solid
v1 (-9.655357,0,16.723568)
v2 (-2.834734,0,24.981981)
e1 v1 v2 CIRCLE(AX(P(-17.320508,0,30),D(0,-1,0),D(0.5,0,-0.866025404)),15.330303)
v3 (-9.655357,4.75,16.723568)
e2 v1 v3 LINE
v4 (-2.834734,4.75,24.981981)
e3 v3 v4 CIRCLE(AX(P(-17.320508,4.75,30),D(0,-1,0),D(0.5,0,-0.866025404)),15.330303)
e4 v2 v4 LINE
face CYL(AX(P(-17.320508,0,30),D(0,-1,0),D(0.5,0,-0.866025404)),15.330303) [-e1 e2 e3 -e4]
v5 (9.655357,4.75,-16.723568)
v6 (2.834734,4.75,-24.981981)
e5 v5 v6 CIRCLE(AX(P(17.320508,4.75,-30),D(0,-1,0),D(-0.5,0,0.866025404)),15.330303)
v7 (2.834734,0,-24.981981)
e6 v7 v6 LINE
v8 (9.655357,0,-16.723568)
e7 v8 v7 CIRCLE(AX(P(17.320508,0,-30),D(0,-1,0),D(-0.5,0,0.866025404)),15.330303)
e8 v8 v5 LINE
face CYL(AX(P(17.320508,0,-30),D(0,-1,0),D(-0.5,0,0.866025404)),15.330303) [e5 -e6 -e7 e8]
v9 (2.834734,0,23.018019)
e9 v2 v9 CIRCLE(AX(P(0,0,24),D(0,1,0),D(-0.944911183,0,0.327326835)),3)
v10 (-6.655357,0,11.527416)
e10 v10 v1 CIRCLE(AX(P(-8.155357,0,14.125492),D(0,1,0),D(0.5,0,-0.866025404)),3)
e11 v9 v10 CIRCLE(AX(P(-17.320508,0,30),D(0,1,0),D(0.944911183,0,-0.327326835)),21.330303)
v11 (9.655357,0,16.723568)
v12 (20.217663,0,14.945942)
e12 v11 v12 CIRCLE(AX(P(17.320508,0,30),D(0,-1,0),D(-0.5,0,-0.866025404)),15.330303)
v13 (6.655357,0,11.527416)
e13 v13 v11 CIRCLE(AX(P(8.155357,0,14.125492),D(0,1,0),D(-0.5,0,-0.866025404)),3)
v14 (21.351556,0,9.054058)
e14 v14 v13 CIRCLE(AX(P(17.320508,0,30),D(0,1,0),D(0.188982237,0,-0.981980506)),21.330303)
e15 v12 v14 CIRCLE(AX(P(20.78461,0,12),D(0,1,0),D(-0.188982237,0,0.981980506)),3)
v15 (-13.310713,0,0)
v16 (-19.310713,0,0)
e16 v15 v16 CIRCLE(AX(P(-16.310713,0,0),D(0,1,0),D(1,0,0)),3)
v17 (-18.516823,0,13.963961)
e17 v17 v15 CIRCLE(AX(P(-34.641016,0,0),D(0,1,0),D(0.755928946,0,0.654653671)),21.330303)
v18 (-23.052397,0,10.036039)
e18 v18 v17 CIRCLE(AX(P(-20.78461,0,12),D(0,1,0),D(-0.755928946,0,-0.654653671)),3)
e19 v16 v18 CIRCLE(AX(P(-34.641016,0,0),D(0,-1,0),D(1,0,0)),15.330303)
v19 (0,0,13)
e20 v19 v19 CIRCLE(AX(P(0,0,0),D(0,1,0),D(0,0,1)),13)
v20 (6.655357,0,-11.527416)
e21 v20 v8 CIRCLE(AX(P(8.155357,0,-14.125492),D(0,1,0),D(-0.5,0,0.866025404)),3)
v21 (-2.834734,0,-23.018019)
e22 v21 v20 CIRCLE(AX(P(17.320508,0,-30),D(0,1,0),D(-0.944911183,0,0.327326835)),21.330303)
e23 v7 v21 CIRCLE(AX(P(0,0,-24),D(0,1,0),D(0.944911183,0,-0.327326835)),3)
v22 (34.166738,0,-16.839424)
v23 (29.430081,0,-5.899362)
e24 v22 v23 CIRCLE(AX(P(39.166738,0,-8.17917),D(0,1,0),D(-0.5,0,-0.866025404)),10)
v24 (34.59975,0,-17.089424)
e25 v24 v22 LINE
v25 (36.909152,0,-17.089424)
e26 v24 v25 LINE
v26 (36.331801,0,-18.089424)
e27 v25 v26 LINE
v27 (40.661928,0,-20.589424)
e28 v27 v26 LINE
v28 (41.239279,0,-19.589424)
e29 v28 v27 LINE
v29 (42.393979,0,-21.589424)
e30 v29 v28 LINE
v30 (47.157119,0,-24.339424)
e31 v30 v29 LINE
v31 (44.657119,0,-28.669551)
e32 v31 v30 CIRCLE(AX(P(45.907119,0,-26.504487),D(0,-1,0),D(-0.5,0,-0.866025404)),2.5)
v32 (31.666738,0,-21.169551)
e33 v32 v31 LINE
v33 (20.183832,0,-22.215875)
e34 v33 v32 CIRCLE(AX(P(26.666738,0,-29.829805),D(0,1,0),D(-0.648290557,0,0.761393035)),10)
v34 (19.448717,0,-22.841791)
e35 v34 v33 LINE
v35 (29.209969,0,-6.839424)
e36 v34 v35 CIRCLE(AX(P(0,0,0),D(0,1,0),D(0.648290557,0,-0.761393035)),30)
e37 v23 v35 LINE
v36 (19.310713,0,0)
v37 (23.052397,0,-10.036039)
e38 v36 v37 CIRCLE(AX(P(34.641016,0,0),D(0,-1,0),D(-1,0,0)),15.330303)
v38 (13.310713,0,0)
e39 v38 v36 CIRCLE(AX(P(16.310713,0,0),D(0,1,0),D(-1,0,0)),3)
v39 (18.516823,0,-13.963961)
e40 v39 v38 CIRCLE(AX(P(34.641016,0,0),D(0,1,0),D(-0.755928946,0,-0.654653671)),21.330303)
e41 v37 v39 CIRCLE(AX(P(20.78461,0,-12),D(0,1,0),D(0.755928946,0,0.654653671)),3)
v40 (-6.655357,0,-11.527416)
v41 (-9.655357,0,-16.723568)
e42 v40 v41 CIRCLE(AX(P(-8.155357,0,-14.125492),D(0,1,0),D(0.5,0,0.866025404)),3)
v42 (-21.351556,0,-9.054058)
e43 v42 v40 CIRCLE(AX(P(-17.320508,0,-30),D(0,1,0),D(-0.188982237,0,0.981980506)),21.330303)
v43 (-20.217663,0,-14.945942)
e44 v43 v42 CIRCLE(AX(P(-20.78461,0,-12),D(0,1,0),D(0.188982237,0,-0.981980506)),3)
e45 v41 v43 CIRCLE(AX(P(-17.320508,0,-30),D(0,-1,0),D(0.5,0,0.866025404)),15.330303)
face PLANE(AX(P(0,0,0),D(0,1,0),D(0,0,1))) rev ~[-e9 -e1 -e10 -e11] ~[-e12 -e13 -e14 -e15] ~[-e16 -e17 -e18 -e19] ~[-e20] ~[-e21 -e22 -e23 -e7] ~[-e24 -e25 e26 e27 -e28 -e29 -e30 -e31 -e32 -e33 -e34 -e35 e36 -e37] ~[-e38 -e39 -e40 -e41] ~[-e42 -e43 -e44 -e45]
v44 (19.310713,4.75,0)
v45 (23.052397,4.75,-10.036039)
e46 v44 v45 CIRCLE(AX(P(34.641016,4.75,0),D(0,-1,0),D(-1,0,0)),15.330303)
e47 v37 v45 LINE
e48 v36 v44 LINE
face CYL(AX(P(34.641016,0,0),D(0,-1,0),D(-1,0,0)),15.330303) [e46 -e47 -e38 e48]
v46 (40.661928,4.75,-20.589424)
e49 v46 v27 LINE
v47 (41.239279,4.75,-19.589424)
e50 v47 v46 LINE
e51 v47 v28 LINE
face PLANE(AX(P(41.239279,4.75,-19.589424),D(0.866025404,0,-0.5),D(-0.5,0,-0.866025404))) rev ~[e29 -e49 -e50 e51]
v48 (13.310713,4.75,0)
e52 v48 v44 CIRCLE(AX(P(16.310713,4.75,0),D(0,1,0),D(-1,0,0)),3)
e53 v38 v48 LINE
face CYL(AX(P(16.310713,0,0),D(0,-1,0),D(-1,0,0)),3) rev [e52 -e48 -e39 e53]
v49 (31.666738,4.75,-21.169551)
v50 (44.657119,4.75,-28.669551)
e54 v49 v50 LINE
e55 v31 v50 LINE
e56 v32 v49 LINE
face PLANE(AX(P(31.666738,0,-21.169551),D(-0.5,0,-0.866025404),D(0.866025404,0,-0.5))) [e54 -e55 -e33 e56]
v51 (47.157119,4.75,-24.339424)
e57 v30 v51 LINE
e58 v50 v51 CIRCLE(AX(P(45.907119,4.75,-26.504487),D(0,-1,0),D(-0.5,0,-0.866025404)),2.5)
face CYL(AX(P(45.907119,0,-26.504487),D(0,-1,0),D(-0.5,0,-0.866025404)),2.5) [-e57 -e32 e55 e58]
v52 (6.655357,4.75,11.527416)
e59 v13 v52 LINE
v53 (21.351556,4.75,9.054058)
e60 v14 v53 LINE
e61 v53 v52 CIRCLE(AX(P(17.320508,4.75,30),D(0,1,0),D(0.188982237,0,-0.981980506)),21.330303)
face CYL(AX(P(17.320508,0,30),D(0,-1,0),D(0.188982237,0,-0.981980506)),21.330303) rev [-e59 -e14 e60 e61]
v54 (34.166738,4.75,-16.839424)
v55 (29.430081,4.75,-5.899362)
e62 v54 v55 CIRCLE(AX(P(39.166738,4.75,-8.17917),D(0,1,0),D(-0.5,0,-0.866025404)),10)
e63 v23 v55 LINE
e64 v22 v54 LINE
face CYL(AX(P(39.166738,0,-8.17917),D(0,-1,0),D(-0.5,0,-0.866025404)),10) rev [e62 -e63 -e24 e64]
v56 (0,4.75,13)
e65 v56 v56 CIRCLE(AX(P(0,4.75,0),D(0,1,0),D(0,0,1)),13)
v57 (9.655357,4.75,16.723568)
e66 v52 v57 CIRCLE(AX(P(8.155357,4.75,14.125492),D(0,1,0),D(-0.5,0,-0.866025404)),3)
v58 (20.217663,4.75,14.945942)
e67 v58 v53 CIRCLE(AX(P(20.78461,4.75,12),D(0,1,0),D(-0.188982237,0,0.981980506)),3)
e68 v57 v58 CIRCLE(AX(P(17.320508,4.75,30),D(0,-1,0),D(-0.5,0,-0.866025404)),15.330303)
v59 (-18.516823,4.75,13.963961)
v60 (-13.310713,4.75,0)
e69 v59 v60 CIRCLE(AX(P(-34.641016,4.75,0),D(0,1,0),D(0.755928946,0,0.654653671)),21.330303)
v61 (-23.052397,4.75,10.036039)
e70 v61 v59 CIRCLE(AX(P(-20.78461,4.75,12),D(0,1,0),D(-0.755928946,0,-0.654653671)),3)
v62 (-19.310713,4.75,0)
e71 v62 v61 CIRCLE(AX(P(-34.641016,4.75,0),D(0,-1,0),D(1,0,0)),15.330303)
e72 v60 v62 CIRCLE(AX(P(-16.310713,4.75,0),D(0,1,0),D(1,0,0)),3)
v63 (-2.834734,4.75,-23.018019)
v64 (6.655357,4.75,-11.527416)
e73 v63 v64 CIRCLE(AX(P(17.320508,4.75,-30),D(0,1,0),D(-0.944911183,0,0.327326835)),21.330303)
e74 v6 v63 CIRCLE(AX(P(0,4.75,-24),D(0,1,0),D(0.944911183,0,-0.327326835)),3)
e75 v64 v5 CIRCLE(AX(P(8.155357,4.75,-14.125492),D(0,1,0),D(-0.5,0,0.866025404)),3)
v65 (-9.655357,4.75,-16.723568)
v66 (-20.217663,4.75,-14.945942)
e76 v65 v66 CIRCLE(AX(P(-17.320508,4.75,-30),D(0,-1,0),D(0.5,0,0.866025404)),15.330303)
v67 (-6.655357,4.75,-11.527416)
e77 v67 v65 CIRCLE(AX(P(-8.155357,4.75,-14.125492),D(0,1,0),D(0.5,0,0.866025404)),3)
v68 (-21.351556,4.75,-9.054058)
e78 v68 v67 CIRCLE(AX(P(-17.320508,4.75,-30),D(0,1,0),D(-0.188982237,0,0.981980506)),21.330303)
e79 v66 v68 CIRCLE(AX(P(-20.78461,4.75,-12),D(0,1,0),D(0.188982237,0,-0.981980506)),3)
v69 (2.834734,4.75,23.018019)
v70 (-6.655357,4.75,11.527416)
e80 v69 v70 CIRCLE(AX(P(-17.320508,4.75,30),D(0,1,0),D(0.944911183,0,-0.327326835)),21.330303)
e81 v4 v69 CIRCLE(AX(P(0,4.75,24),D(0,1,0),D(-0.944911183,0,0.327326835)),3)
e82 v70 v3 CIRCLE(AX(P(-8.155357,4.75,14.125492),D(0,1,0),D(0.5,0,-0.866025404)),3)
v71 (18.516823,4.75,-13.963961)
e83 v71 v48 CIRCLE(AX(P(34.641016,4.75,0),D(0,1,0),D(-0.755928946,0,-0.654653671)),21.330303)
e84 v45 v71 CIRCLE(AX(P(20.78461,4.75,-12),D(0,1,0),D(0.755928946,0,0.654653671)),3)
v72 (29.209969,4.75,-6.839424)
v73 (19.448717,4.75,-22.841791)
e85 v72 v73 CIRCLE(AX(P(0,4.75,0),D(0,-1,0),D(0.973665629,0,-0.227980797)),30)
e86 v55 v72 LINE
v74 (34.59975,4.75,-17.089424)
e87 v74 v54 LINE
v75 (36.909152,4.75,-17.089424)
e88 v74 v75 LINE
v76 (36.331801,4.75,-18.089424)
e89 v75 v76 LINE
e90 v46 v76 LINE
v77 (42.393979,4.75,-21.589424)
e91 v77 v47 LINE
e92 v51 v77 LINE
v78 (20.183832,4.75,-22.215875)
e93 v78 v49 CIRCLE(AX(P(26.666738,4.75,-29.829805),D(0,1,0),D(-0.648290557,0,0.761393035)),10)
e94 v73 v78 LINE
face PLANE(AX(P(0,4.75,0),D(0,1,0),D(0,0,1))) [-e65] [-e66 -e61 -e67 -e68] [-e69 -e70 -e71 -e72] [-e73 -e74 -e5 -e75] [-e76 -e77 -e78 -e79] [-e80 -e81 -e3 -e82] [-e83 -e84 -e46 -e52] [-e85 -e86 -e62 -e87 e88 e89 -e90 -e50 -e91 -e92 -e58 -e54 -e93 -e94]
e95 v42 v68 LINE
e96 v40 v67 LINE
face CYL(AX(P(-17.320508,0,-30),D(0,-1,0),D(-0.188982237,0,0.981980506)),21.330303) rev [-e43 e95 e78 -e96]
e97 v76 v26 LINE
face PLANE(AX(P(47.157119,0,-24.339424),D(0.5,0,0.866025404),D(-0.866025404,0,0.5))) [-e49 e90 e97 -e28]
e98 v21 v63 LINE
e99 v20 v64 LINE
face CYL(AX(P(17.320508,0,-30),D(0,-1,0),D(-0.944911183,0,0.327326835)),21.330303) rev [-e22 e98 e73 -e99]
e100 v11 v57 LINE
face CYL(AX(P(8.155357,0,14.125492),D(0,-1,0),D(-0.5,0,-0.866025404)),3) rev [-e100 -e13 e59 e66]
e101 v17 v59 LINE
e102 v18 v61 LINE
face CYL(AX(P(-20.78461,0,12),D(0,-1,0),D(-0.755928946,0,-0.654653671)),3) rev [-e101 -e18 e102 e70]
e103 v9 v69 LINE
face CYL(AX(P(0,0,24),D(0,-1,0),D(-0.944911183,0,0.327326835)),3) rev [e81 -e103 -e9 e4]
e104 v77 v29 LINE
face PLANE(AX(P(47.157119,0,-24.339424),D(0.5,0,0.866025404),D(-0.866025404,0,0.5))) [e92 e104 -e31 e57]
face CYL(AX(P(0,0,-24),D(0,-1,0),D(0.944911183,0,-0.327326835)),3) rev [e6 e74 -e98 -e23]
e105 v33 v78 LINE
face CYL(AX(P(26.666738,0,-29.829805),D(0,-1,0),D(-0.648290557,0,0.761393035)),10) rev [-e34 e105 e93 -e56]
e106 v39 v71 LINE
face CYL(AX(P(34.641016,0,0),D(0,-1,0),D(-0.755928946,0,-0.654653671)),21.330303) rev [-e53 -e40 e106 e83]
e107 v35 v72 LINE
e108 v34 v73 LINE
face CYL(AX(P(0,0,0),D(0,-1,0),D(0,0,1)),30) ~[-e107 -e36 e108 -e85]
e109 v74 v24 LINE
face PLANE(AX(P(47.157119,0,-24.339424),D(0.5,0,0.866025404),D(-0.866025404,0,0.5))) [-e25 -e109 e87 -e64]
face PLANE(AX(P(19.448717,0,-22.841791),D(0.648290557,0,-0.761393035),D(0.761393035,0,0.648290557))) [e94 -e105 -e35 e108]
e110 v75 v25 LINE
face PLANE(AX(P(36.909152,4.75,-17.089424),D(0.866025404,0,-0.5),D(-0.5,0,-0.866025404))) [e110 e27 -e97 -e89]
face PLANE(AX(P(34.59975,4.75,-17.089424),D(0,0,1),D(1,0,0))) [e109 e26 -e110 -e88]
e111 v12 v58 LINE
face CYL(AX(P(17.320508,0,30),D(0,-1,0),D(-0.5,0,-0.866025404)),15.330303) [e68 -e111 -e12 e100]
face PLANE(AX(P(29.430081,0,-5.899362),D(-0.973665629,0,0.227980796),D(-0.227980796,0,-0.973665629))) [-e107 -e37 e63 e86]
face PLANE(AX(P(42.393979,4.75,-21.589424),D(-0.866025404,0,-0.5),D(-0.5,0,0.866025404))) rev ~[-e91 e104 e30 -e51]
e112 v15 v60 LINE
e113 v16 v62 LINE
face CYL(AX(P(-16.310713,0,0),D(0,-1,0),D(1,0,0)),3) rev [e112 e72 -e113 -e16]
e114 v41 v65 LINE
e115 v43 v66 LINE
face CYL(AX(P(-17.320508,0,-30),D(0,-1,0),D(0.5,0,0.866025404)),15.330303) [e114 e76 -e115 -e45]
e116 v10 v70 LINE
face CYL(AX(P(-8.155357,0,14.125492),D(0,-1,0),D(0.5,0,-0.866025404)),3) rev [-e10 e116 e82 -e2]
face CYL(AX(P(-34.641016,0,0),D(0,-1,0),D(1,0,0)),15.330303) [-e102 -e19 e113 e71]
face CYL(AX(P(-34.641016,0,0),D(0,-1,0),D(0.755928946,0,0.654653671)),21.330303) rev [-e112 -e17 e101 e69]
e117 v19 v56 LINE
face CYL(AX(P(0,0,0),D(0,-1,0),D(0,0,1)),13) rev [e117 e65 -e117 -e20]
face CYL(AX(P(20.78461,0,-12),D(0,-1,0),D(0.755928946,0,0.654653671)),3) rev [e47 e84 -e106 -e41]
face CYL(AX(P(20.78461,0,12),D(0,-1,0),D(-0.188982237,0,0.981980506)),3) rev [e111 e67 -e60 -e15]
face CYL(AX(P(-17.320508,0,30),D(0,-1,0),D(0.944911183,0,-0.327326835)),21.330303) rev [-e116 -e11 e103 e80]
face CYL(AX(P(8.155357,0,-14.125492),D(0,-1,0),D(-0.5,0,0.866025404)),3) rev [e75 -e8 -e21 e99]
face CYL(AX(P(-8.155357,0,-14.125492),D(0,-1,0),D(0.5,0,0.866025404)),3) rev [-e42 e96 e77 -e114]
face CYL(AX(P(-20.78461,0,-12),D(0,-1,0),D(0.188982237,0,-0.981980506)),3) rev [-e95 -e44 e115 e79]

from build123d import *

# Parameters (mm, degrees)
ESQUISSE1_R        = 30
ESQUISSE1_R_2      = 13
BOSS_EXTRU_1_DEPTH = 4.75
BOSS_EXTRU_2_START = -4.75
BOSS_EXTRU_2_DEPTH = 4.75
BOSS_EXTRU_3_DEPTH = 4.75


with BuildPart() as part:
    # Esquisse1 → Boss.-Extru.1 (new body)
    with BuildSketch(Plane(origin=(0, 0, 0), x_dir=(1, 0, 0), z_dir=(0, 1, 0))):
        with Locations(Location((0, 0, 0), (0, 0, 270))):
            Circle(ESQUISSE1_R)
        with Locations(Location((0, 0, 0), (0, 0, 270))):
            Circle(ESQUISSE1_R_2, mode=Mode.SUBTRACT)
        with BuildLine():
            ThreePointArc((-2.834733548, 23.018019494), (0.874151367, 16.41695293), (6.655356686, 11.527415922))
            ThreePointArc((6.655356686, 11.527415922), (10.753432897, 12.625492134), (9.655356686, 16.723568345))
            ThreePointArc((9.655356686, 16.723568345), (5.500346376, 20.237727687), (2.834733548, 24.981980506))
            ThreePointArc((2.834733548, 24.981980506), (-0.981980506, 26.834733548), (-2.834733548, 23.018019494))
        make_face(mode=Mode.SUBTRACT)
        with BuildLine():
            ThreePointArc((23.052396529, 10.036038988), (22.748570703, 14.267786838), (18.516822853, 13.963961012))
            ThreePointArc((18.516822853, 13.963961012), (14.654573974, 7.451439174), (13.310713372, 0))
            ThreePointArc((13.310713372, 0), (16.310713372, -3), (19.310713372, 0))
            ThreePointArc((19.310713372, 0), (20.27655948, 5.355424153), (23.052396529, 10.036038988))
        make_face(mode=Mode.SUBTRACT)
        with BuildLine():
            ThreePointArc((20.217662981, -14.945941518), (23.730551209, -12.56694671), (21.3515564, -9.054058482))
            ThreePointArc((21.3515564, -9.054058482), (13.780422607, -8.965513756), (6.655356686, -11.527415922))
            ThreePointArc((6.655356686, -11.527415922), (5.557280474, -15.625492134), (9.655356686, -16.723568345))
            ThreePointArc((9.655356686, -16.723568345), (14.776213104, -14.882303535), (20.217662981, -14.945941518))
        make_face(mode=Mode.SUBTRACT)
        with BuildLine():
            ThreePointArc((-2.834733548, -24.981980506), (0.981980506, -26.834733548), (2.834733548, -23.018019494))
            ThreePointArc((2.834733548, -23.018019494), (-0.874151367, -16.41695293), (-6.655356686, -11.527415922))
            ThreePointArc((-6.655356686, -11.527415922), (-10.753432897, -12.625492134), (-9.655356686, -16.723568345))
            ThreePointArc((-9.655356686, -16.723568345), (-5.500346376, -20.237727687), (-2.834733548, -24.981980506))
        make_face(mode=Mode.SUBTRACT)
        with BuildLine():
            ThreePointArc((-23.052396529, -10.036038988), (-22.748570703, -14.267786838), (-18.516822853, -13.963961012))
            ThreePointArc((-18.516822853, -13.963961012), (-14.654573974, -7.451439174), (-13.310713372, 0))
            ThreePointArc((-13.310713372, 0), (-16.310713372, 3), (-19.310713372, 0))
            ThreePointArc((-19.310713372, 0), (-20.27655948, -5.355424153), (-23.052396529, -10.036038988))
        make_face(mode=Mode.SUBTRACT)
        with BuildLine():
            ThreePointArc((-20.217662981, 14.945941518), (-23.730551209, 12.56694671), (-21.3515564, 9.054058482))
            ThreePointArc((-21.3515564, 9.054058482), (-13.780422607, 8.965513756), (-6.655356686, 11.527415922))
            ThreePointArc((-6.655356686, 11.527415922), (-5.557280474, 15.625492134), (-9.655356686, 16.723568345))
            ThreePointArc((-9.655356686, 16.723568345), (-14.776213104, 14.882303535), (-20.217662981, 14.945941518))
        make_face(mode=Mode.SUBTRACT)
    extrude(amount=BOSS_EXTRU_1_DEPTH)

    # Esquisse2 → Boss.-Extru.2 (add)
    with BuildSketch(Plane(origin=(0, 4.75, 0), x_dir=(1, 0, 0), z_dir=(0, 1, 0)).offset(BOSS_EXTRU_2_START)):
        with BuildLine():
            Line((19.448716719, 22.841791041), (20.183832184, 22.215874605))
            ThreePointArc((20.183832184, 22.215874605), (25.759295996, 19.87106259), (31.666737758, 21.169550915))
            Line((31.666737758, 21.169550915), (44.657118814, 28.669550915))
            ThreePointArc((44.657118814, 28.669550915), (48.072182324, 27.754487405), (47.157118814, 24.339423896))
            Line((47.157118814, 24.339423896), (34.166737758, 16.839423896))
            ThreePointArc((34.166737758, 16.839423896), (29.989946446, 12.152392884), (29.430081471, 5.899361893))
            Line((29.430081471, 5.899361893), (29.20996886, 6.839423896))
            ThreePointArc((29.20996886, 6.839423896), (25.611244779, 15.622552316), (19.448716719, 22.841791041))
        make_face()
    extrude(amount=BOSS_EXTRU_2_DEPTH)

    # Esquisse3 → Boss.-Extru.3 (add)
    with BuildSketch(Plane(origin=(0, 4.75, 0), x_dir=(1, 0, 0), z_dir=(0, 1, 0))):
        Polygon((34.599750459, 17.089423896), (36.909151536, 17.089423896), (36.331801267, 18.089423896), align=None)
        Polygon((40.661928286, 20.589423896), (42.393979093, 21.589423896), (41.239278555, 19.589423896), align=None)
    extrude(amount=-BOSS_EXTRU_3_DEPTH)


solid = part.part
